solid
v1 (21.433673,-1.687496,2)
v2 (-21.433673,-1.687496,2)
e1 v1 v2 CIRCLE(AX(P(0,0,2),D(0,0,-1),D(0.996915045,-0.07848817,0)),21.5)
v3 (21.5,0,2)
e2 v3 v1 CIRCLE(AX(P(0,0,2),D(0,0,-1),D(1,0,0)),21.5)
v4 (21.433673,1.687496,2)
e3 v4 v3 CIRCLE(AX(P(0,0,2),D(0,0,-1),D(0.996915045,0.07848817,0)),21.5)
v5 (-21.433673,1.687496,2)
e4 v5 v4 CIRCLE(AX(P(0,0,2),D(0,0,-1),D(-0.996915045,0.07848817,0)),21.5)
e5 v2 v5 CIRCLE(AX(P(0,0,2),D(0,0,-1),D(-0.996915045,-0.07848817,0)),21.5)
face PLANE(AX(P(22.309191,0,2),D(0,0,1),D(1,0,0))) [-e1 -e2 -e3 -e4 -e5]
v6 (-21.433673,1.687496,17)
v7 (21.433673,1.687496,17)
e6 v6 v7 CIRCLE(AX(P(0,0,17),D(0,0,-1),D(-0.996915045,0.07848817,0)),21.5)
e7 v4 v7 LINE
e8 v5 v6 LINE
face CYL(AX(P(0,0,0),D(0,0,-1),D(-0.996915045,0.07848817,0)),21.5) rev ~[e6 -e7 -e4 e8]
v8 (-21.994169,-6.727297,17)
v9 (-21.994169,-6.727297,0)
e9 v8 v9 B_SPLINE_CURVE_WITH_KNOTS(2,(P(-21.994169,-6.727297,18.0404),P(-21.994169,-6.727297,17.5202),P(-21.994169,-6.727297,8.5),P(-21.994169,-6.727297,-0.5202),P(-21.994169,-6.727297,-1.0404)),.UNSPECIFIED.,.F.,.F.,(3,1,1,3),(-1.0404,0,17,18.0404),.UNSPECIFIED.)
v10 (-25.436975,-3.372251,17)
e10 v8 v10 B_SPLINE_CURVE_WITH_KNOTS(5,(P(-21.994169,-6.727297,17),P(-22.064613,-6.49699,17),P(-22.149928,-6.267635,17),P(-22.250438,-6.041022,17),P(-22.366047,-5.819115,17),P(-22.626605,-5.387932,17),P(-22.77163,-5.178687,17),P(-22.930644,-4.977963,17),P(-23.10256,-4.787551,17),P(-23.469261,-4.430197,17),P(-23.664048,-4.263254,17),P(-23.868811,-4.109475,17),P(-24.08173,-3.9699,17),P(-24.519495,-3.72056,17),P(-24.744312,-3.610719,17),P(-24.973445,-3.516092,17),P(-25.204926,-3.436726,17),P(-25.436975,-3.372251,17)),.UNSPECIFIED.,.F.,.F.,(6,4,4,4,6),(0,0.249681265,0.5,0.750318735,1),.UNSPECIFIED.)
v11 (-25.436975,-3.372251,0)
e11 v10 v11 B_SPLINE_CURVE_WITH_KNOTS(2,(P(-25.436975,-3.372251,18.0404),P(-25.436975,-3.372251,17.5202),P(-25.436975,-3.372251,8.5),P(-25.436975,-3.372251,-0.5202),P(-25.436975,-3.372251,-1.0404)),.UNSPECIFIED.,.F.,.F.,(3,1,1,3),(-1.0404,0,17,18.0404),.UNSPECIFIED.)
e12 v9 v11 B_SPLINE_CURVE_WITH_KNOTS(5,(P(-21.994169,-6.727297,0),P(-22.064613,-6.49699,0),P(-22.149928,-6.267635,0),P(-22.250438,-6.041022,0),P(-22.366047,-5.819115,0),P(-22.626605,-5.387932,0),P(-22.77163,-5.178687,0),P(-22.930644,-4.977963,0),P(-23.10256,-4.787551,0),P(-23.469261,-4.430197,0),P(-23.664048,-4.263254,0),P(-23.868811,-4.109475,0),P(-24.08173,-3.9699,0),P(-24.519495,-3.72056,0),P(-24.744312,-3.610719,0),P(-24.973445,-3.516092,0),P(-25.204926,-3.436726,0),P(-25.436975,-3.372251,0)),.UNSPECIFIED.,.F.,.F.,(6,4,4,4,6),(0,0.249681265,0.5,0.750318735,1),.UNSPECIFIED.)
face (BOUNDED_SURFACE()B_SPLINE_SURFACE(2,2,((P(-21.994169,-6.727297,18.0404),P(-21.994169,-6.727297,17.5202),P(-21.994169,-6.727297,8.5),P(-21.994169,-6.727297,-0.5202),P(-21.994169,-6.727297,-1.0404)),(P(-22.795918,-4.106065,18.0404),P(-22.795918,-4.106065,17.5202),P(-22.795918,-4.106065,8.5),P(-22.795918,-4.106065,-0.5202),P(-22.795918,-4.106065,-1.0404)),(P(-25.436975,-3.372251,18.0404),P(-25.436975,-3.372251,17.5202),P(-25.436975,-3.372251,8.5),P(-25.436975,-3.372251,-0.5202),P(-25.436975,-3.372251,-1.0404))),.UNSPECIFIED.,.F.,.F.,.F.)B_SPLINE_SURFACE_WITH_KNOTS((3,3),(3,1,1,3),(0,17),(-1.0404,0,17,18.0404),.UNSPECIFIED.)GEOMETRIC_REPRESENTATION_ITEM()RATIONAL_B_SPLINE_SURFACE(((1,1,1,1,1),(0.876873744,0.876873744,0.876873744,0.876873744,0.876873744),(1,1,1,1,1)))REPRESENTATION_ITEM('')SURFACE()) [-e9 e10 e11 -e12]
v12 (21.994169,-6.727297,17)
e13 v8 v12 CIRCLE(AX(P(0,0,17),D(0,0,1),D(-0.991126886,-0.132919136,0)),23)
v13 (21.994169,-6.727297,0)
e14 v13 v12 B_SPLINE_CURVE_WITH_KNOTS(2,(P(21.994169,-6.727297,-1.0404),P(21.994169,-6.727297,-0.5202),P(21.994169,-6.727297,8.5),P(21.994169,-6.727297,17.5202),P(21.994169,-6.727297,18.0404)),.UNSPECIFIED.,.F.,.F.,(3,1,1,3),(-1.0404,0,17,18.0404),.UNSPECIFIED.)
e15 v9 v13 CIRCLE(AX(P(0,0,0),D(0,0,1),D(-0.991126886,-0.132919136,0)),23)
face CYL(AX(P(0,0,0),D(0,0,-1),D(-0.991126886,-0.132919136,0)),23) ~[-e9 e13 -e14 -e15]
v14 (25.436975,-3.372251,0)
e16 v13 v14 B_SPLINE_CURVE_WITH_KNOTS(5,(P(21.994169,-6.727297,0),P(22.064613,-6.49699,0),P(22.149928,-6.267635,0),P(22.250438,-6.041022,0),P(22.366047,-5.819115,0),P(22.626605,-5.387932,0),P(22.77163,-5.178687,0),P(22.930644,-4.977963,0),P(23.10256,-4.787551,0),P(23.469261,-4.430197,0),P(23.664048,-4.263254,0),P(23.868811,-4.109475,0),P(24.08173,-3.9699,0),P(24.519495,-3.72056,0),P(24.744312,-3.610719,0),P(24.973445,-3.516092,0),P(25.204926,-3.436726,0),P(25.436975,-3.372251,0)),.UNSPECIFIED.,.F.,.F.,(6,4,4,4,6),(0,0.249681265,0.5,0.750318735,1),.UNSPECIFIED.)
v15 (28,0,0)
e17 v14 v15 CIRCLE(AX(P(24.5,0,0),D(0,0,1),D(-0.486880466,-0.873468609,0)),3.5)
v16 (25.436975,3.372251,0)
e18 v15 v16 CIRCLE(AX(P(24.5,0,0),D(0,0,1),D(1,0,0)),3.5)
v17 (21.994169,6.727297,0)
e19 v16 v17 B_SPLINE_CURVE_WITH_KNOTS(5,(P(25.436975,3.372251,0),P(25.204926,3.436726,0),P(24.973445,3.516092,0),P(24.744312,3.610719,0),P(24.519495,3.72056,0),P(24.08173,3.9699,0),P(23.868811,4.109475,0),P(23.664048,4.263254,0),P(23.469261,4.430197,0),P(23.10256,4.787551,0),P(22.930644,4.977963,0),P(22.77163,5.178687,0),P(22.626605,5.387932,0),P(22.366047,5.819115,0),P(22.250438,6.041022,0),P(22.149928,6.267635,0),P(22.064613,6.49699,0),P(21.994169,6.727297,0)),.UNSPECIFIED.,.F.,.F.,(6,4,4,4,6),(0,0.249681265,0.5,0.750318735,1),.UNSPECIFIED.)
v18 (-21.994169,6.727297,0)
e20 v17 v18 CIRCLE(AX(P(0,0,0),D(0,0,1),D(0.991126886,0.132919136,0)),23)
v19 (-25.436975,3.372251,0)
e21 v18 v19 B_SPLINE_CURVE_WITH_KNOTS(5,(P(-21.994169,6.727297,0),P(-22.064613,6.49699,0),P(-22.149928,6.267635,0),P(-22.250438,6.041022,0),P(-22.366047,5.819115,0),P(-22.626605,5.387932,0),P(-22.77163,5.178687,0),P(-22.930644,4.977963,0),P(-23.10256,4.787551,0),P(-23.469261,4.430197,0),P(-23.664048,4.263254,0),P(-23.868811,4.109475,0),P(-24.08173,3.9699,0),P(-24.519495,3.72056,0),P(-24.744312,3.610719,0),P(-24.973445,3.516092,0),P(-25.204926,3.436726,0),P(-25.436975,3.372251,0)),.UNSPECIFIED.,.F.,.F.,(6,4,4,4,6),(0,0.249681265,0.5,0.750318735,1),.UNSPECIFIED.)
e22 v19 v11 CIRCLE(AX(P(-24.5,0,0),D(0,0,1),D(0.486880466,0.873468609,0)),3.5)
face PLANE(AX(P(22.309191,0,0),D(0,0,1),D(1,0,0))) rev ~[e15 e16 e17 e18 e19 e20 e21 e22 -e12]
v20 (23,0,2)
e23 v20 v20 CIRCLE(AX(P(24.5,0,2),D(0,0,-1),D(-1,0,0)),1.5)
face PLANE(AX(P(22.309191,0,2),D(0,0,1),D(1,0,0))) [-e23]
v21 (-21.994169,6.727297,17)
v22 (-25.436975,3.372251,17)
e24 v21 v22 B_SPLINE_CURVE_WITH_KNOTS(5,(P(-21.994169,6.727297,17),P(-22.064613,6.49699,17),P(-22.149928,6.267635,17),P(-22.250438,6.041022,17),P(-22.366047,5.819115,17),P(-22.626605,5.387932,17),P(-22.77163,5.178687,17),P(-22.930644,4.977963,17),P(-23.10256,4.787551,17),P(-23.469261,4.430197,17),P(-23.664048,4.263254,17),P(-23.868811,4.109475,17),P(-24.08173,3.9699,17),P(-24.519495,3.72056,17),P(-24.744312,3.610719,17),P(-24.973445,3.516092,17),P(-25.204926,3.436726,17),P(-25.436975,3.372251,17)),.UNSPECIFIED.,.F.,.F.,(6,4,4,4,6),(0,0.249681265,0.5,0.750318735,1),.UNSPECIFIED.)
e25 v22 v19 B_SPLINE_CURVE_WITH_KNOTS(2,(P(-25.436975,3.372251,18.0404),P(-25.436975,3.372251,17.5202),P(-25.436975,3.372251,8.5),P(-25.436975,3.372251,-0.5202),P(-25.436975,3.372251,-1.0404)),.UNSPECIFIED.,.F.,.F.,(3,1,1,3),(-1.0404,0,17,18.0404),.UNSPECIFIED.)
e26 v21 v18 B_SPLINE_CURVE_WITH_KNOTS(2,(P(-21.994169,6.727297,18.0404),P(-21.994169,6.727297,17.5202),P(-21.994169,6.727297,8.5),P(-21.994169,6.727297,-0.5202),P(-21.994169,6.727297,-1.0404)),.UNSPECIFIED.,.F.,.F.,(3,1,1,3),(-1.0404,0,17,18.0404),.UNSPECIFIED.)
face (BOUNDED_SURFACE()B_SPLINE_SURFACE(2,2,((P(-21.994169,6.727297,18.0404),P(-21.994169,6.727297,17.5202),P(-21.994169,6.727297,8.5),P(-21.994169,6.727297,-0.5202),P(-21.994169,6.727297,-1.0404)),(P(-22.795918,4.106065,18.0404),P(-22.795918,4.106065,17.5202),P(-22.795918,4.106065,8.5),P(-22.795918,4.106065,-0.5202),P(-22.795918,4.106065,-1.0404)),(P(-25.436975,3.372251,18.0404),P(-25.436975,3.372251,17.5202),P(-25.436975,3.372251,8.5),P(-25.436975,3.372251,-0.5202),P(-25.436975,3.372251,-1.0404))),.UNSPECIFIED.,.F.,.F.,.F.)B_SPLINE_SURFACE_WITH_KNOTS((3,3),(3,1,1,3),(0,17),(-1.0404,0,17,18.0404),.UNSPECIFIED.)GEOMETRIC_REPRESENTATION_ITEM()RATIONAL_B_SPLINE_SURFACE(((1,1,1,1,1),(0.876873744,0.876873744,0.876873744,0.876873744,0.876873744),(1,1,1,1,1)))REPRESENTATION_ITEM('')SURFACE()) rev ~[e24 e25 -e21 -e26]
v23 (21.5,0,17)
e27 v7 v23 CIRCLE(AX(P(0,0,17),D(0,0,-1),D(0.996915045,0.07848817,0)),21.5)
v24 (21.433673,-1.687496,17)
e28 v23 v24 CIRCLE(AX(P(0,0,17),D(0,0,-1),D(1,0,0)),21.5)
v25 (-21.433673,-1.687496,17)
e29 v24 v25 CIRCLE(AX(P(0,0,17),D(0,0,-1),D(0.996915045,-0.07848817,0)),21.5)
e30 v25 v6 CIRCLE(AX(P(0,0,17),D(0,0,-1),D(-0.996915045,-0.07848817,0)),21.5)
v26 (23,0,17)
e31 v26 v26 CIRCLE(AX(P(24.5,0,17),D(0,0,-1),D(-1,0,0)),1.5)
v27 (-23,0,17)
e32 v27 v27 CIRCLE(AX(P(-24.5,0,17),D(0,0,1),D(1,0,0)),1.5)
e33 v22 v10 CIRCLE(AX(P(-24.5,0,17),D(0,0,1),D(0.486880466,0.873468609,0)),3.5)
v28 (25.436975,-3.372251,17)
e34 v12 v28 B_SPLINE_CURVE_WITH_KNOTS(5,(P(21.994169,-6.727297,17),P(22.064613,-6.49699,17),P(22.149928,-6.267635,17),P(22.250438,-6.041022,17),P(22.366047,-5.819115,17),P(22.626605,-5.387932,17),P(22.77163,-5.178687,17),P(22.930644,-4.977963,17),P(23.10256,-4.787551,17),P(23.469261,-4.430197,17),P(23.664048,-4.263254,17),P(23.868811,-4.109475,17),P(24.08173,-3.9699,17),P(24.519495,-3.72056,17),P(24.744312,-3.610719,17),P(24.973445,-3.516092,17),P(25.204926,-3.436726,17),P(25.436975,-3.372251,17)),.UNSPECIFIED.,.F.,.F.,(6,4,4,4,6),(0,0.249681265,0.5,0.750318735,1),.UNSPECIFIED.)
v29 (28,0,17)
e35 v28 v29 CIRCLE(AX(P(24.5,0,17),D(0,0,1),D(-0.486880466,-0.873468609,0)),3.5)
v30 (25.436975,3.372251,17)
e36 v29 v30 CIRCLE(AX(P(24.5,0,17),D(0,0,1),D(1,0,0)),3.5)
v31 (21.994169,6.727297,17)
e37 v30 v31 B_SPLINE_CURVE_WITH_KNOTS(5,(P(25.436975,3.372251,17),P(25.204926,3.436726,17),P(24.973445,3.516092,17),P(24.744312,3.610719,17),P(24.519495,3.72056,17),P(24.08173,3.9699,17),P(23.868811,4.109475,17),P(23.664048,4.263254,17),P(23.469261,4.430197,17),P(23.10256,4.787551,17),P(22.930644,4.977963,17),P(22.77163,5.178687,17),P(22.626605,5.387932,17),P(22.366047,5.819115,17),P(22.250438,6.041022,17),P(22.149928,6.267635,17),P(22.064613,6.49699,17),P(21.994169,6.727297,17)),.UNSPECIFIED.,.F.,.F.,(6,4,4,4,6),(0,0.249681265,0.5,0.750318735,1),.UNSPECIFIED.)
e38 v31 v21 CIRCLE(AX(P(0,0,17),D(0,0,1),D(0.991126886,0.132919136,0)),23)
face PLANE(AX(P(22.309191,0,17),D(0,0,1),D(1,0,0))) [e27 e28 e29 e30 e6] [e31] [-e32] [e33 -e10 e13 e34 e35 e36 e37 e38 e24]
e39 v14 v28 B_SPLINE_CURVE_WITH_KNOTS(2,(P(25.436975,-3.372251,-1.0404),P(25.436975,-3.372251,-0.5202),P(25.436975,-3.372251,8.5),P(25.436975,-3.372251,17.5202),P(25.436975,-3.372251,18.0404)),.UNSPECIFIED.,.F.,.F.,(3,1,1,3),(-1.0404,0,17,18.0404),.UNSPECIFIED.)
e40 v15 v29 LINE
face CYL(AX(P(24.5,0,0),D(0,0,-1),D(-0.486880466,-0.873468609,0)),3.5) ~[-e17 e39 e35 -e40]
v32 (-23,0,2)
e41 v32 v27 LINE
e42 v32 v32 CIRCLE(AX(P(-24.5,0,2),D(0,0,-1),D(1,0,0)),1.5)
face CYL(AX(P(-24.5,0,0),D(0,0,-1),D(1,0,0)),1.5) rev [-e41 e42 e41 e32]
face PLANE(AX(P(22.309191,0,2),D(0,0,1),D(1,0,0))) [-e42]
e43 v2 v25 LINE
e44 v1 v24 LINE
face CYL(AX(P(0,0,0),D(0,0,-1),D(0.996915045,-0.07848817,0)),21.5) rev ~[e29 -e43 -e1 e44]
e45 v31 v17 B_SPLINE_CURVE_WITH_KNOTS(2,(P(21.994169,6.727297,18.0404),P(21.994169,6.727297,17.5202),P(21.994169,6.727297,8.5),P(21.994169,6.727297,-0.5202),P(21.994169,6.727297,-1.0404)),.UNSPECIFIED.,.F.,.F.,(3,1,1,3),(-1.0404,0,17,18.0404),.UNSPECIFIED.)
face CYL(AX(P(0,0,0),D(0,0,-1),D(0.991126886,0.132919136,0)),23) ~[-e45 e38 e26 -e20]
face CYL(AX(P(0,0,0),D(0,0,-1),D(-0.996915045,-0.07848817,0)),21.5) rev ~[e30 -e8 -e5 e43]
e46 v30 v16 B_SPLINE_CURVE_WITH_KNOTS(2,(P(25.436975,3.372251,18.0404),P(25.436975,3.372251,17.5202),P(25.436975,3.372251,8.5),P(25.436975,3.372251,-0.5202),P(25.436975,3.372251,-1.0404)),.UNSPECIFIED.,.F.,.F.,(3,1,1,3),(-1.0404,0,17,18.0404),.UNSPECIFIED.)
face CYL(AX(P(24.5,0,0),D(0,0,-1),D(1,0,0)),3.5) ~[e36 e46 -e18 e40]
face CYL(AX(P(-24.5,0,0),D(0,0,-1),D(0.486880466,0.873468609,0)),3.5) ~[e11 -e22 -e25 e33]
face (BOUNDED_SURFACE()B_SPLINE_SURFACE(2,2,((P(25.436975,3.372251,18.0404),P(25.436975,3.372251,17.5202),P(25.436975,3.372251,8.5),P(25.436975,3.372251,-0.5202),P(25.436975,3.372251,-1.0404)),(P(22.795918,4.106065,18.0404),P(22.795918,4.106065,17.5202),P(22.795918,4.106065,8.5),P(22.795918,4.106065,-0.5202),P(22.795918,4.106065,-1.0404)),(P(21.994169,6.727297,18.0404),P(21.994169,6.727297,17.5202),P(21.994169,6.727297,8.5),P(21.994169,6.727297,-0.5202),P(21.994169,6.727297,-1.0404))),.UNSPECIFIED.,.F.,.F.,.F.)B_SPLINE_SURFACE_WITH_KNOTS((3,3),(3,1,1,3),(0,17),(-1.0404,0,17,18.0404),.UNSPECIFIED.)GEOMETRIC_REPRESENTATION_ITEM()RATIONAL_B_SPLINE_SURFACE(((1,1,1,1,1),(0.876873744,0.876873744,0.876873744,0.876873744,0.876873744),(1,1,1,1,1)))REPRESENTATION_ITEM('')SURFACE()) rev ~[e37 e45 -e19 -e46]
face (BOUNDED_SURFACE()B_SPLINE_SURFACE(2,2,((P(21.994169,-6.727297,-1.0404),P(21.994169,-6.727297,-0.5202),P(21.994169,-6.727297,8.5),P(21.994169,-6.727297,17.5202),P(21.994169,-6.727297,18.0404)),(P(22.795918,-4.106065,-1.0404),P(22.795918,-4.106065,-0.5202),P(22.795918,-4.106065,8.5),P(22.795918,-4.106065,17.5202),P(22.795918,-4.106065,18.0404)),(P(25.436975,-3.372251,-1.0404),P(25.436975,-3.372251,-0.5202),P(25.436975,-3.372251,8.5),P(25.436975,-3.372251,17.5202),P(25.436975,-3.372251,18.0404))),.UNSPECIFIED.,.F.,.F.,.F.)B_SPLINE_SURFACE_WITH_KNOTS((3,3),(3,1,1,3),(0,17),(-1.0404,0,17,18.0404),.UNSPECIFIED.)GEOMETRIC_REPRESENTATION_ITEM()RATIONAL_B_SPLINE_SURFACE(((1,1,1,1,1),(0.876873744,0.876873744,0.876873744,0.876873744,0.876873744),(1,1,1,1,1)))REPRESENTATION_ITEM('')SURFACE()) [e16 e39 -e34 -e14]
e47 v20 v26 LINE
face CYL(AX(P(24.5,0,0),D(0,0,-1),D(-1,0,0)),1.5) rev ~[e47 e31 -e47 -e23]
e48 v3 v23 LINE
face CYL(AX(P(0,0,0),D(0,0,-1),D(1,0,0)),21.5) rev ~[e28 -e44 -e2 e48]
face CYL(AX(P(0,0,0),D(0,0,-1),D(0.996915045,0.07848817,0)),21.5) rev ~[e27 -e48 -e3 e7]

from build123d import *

# Parameters (mm, degrees)
F0_R     = 1.5
F1_DEPTH = 17
F2_DEPTH = 2
F3_R     = 5


with BuildPart() as f1:
    # F0 (on Top) → F1 (new body)
    with BuildSketch(Plane.XY):
        with BuildLine():
            ThreePointArc((21.4336734694, 1.6874956615), (21.4834119682, 0.8443993155), (21.5, 0))
            ThreePointArc((21.5, 0), (21.4834119682, -0.8443993155), (21.4336734694, -1.6874956615))
            ThreePointArc((21.4336734694, -1.6874956615), (22.0184319463, -2.4681612579), (22.7959183673, -3.0571401324))
            ThreePointArc((22.7959183673, -3.0571401324), (22.9489228772, -1.531972185), (23, 0))
            ThreePointArc((23, 0), (22.9489228772, 1.531972185), (22.7959183673, 3.0571401324))
            ThreePointArc((22.7959183673, 3.0571401324), (22.0184319463, 2.4681612579), (21.4336734694, 1.6874956615))
        make_face()
        with BuildLine():
            ThreePointArc((-21.4336734694, 1.6874956615), (0, 21.5), (21.4336734694, 1.6874956615))
            ThreePointArc((21.4336734694, 1.6874956615), (22.0184319463, 2.4681612579), (22.7959183673, 3.0571401324))
            ThreePointArc((22.7959183673, 3.0571401324), (0, 23), (-22.7959183673, 3.0571401324))
            ThreePointArc((-22.7959183673, 3.0571401324), (-22.0184319463, 2.4681612579), (-21.4336734694, 1.6874956615))
        make_face()
        with BuildLine():
            ThreePointArc((22.7959183673, -3.0571401324), (22.0184319463, -2.4681612579), (21.4336734694, -1.6874956615))
            ThreePointArc((21.4336734694, -1.6874956615), (0, -21.5), (-21.4336734694, -1.6874956615))
            ThreePointArc((-21.4336734694, -1.6874956615), (-22.0184319463, -2.4681612579), (-22.7959183673, -3.0571401324))
            ThreePointArc((-22.7959183673, -3.0571401324), (0, -23), (22.7959183673, -3.0571401324))
        make_face()
        with BuildLine():
            ThreePointArc((-21.4336734694, -1.6874956615), (-21.5, 0), (-21.4336734694, 1.6874956615))
            ThreePointArc((-21.4336734694, 1.6874956615), (-22.0184319463, 2.4681612579), (-22.7959183673, 3.0571401324))
            ThreePointArc((-22.7959183673, 3.0571401324), (-22.9489228772, 1.531972185), (-23, 0))
            ThreePointArc((-23, 0), (-22.9489228772, -1.531972185), (-22.7959183673, -3.0571401324))
            ThreePointArc((-22.7959183673, -3.0571401324), (-22.0184319463, -2.4681612579), (-21.4336734694, -1.6874956615))
        make_face()
        with BuildLine():
            ThreePointArc((28, 0), (26.2728105209, 3.0178043106), (22.7959183673, 3.0571401324))
            ThreePointArc((22.7959183673, 3.0571401324), (22.9489228772, 1.531972185), (23, 0))
            ThreePointArc((23, 0), (22.9489228772, -1.531972185), (22.7959183673, -3.0571401324))
            ThreePointArc((22.7959183673, -3.0571401324), (26.2728105209, -3.0178043106), (28, 0))
        make_face()
        with BuildLine():
            ThreePointArc((26, 0), (24.5, -1.5), (23, 0))
            ThreePointArc((23, 0), (24.5, 1.5), (26, 0))
        make_face(mode=Mode.SUBTRACT)
        with BuildLine():
            ThreePointArc((-23, 0), (-22.9489228772, 1.531972185), (-22.7959183673, 3.0571401324))
            ThreePointArc((-22.7959183673, 3.0571401324), (-28, 0), (-22.7959183673, -3.0571401324))
            ThreePointArc((-22.7959183673, -3.0571401324), (-22.9489228772, -1.531972185), (-23, 0))
        make_face()
        with Locations((-24.5, 0)):
            Circle(F0_R, mode=Mode.SUBTRACT)
    extrude(amount=F1_DEPTH)

    # F0 (on Top) → F2 (join)
    with BuildSketch(Plane.XY):
        with BuildLine():
            ThreePointArc((21.4336734694, 1.6874956615), (21.4834119682, 0.8443993155), (21.5, 0))
            ThreePointArc((21.5, 0), (21.4834119682, -0.8443993155), (21.4336734694, -1.6874956615))
            ThreePointArc((21.4336734694, -1.6874956615), (22.0184319463, -2.4681612579), (22.7959183673, -3.0571401324))
            ThreePointArc((22.7959183673, -3.0571401324), (22.9489228772, -1.531972185), (23, 0))
            ThreePointArc((23, 0), (22.9489228772, 1.531972185), (22.7959183673, 3.0571401324))
            ThreePointArc((22.7959183673, 3.0571401324), (22.0184319463, 2.4681612579), (21.4336734694, 1.6874956615))
        make_face()
        with BuildLine():
            ThreePointArc((-21.4336734694, 1.6874956615), (0, 21.5), (21.4336734694, 1.6874956615))
            ThreePointArc((21.4336734694, 1.6874956615), (22.0184319463, 2.4681612579), (22.7959183673, 3.0571401324))
            ThreePointArc((22.7959183673, 3.0571401324), (0, 23), (-22.7959183673, 3.0571401324))
            ThreePointArc((-22.7959183673, 3.0571401324), (-22.0184319463, 2.4681612579), (-21.4336734694, 1.6874956615))
        make_face()
        with BuildLine():
            ThreePointArc((22.7959183673, -3.0571401324), (22.0184319463, -2.4681612579), (21.4336734694, -1.6874956615))
            ThreePointArc((21.4336734694, -1.6874956615), (0, -21.5), (-21.4336734694, -1.6874956615))
            ThreePointArc((-21.4336734694, -1.6874956615), (-22.0184319463, -2.4681612579), (-22.7959183673, -3.0571401324))
            ThreePointArc((-22.7959183673, -3.0571401324), (0, -23), (22.7959183673, -3.0571401324))
        make_face()
        with BuildLine():
            ThreePointArc((-21.4336734694, -1.6874956615), (-21.5, 0), (-21.4336734694, 1.6874956615))
            ThreePointArc((-21.4336734694, 1.6874956615), (-22.0184319463, 2.4681612579), (-22.7959183673, 3.0571401324))
            ThreePointArc((-22.7959183673, 3.0571401324), (-22.9489228772, 1.531972185), (-23, 0))
            ThreePointArc((-23, 0), (-22.9489228772, -1.531972185), (-22.7959183673, -3.0571401324))
            ThreePointArc((-22.7959183673, -3.0571401324), (-22.0184319463, -2.4681612579), (-21.4336734694, -1.6874956615))
        make_face()
        with BuildLine():
            ThreePointArc((28, 0), (26.2728105209, 3.0178043106), (22.7959183673, 3.0571401324))
            ThreePointArc((22.7959183673, 3.0571401324), (22.9489228772, 1.531972185), (23, 0))
            ThreePointArc((23, 0), (22.9489228772, -1.531972185), (22.7959183673, -3.0571401324))
            ThreePointArc((22.7959183673, -3.0571401324), (26.2728105209, -3.0178043106), (28, 0))
        make_face()
        with BuildLine():
            ThreePointArc((26, 0), (24.5, -1.5), (23, 0))
            ThreePointArc((23, 0), (24.5, 1.5), (26, 0))
        make_face(mode=Mode.SUBTRACT)
        with BuildLine():
            ThreePointArc((-23, 0), (-22.9489228772, 1.531972185), (-22.7959183673, 3.0571401324))
            ThreePointArc((-22.7959183673, 3.0571401324), (-28, 0), (-22.7959183673, -3.0571401324))
            ThreePointArc((-22.7959183673, -3.0571401324), (-22.9489228772, -1.531972185), (-23, 0))
        make_face()
        with Locations((-24.5, 0)):
            Circle(F0_R, mode=Mode.SUBTRACT)
        with BuildLine():
            ThreePointArc((21.4336734694, -1.6874956615), (21, 0), (21.4336734694, 1.6874956615))
            ThreePointArc((21.4336734694, 1.6874956615), (0, 21.5), (-21.4336734694, 1.6874956615))
            ThreePointArc((-21.4336734694, 1.6874956615), (-21.1101517101, 0.8711650655), (-21, 0))
            ThreePointArc((-21, 0), (-21.1101517101, -0.8711650655), (-21.4336734694, -1.6874956615))
            ThreePointArc((-21.4336734694, -1.6874956615), (0, -21.5), (21.4336734694, -1.6874956615))
        make_face()
        with BuildLine():
            ThreePointArc((-21, 0), (-21.1101517101, 0.8711650655), (-21.4336734694, 1.6874956615))
            ThreePointArc((-21.4336734694, 1.6874956615), (-21.5, 0), (-21.4336734694, -1.6874956615))
            ThreePointArc((-21.4336734694, -1.6874956615), (-21.1101517101, -0.8711650655), (-21, 0))
        make_face()
        with BuildLine():
            ThreePointArc((21.4336734694, -1.6874956615), (21.4834119682, -0.8443993155), (21.5, 0))
            ThreePointArc((21.5, 0), (21.4834119682, 0.8443993155), (21.4336734694, 1.6874956615))
            ThreePointArc((21.4336734694, 1.6874956615), (21, 0), (21.4336734694, -1.6874956615))
        make_face()
        with Locations((-24.5, 0)):
            Circle(F0_R)
        with BuildLine():
            ThreePointArc((26, 0), (24.5, 1.5), (23, 0))
            ThreePointArc((23, 0), (24.5, -1.5), (26, 0))
        make_face()
    extrude(amount=F2_DEPTH)

    # F3
    f3_edges = [f1.edges().sort_by_distance(p)[0] for p in [
        (-22.795918, 3.05714, 8.5),
        (-22.795918, -3.05714, 8.5),
        (22.795918, -3.05714, 8.5),
        (22.795918, 3.05714, 8.5),
    ]]
    fillet(f3_edges, radius=F3_R)


solid = f1.part
